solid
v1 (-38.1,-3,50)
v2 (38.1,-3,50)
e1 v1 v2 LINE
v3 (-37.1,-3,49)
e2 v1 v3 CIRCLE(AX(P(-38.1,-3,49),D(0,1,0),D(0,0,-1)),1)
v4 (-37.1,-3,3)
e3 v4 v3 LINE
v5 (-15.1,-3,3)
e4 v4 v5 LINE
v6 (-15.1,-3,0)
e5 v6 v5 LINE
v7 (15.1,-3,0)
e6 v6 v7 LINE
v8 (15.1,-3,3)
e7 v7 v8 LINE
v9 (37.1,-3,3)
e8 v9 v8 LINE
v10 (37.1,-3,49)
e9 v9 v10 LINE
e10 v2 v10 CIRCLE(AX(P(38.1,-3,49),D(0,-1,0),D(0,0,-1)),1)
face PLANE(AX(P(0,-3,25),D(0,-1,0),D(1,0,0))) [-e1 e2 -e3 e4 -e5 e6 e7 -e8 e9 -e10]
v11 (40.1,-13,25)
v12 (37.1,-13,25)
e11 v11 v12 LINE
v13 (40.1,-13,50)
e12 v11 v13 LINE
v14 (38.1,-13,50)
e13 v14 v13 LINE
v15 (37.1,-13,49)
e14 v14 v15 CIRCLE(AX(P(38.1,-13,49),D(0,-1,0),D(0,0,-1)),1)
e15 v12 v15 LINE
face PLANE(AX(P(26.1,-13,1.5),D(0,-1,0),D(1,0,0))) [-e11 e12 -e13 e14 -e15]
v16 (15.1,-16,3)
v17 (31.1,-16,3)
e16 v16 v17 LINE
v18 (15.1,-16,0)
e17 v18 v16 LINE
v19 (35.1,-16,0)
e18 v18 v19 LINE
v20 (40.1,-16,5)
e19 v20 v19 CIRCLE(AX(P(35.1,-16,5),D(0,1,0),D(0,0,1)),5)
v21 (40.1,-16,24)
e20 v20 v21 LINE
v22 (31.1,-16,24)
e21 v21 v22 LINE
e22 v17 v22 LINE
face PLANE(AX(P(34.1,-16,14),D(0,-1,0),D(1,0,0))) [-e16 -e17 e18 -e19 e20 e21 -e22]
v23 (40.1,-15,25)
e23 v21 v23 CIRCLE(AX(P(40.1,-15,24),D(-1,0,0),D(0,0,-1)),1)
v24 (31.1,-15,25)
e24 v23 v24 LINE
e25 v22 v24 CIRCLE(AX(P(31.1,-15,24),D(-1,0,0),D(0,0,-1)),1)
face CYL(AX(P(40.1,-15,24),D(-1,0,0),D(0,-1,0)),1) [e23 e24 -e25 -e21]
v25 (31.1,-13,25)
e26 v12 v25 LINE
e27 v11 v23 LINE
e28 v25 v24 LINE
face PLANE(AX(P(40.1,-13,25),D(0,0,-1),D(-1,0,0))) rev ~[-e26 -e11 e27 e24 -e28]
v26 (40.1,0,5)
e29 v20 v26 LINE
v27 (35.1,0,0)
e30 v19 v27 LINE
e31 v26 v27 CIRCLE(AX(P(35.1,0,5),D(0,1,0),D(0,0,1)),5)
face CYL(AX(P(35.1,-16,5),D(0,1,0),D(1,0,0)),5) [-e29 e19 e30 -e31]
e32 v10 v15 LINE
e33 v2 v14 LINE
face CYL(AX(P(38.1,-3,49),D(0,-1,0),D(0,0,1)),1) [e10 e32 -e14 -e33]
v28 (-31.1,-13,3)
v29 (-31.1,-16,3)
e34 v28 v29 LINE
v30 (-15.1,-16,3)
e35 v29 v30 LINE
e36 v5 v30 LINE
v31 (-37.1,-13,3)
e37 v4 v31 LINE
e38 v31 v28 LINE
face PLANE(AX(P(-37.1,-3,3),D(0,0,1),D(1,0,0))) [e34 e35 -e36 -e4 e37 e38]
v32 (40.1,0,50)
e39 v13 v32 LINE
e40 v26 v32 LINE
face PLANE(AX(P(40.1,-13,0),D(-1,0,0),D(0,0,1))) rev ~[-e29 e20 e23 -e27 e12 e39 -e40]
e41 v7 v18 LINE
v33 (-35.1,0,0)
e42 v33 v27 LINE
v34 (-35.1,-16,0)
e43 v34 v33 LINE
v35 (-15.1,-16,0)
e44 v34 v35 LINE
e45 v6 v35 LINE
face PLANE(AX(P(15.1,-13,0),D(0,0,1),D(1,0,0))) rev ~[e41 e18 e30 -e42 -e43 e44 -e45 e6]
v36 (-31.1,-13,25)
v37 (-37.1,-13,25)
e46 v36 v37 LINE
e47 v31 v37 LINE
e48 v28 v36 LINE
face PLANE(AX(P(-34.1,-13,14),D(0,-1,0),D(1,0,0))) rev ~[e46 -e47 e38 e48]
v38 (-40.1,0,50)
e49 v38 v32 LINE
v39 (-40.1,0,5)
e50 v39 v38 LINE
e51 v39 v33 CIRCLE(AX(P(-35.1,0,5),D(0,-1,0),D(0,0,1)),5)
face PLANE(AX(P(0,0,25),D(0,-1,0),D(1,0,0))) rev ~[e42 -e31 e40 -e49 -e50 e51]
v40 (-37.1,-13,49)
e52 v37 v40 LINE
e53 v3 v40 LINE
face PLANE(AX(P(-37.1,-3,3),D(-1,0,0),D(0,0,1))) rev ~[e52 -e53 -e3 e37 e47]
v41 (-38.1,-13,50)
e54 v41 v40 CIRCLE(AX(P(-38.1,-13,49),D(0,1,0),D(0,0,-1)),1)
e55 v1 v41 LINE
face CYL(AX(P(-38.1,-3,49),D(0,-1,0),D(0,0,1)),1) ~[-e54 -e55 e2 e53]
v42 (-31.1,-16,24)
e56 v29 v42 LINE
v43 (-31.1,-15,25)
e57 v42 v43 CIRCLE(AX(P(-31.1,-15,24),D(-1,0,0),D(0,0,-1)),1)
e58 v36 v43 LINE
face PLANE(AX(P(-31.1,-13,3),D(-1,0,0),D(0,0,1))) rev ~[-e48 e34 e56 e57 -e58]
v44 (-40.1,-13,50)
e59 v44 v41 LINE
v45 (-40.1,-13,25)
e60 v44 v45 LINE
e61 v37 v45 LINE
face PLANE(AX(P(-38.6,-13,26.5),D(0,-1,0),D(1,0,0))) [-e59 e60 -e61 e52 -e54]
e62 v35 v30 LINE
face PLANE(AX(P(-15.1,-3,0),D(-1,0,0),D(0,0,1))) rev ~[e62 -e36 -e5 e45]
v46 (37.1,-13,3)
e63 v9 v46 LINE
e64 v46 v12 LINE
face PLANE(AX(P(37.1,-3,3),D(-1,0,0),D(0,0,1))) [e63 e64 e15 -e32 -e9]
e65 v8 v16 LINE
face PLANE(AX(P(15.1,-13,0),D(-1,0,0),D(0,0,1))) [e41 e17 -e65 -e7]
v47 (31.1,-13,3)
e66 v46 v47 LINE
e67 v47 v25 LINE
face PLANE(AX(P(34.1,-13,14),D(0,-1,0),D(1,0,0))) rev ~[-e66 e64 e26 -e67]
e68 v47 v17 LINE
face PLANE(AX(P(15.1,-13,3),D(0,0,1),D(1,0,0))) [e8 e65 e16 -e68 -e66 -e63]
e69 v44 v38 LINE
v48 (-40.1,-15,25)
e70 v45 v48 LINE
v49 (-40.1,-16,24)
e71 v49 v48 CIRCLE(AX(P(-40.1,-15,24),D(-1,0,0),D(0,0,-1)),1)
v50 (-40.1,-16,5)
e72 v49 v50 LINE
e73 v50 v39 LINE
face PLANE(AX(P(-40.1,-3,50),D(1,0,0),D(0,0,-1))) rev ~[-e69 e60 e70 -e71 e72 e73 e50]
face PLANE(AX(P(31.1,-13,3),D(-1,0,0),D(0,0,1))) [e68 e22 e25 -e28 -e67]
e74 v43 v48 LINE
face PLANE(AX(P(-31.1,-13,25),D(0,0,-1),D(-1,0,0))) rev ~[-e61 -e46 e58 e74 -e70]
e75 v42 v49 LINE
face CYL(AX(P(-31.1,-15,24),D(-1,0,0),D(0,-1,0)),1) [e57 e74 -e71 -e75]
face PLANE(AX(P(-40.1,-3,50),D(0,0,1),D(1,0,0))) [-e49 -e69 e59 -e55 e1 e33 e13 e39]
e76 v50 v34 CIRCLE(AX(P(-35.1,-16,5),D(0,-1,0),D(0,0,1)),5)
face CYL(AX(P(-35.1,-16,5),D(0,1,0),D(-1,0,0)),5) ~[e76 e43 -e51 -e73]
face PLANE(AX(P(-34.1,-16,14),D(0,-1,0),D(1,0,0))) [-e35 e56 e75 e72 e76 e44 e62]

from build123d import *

# Parameters (mm, degrees)
F0_W     = 80.2
F0_H     = 50
F1_DEPTH = 3
F2_W     = 3
F2_H     = 47
F2_H_2   = 3
F2_W_2   = 22
F3_DEPTH = 10
F4_W     = 6
F4_H     = 22
F4_W_2   = 16
F4_H_2   = 3
F5_DEPTH = 3
F6_R     = 5
F7_R     = 1


with BuildPart() as f1:
    # F0 (on Front) → F1 (new body)
    with BuildSketch(Plane.XZ):
        with Locations((0, 25)):
            Rectangle(F0_W, F0_H)
    extrude(amount=F1_DEPTH)

    # F2 (on face) → F3 (join)
    with BuildSketch(Plane.XZ.offset(3)):
        with Locations((-38.6, 26.5)):
            Rectangle(F2_W, F2_H)
        with Locations((-38.6, 1.5)):
            Rectangle(F2_W, F2_H_2)
        with Locations((-26.1, 1.5)):
            Rectangle(F2_W_2, F2_H_2)
        with Locations((26.1, 1.5)):
            Rectangle(F2_W_2, F2_H_2)
        with Locations((38.6, 1.5)):
            Rectangle(F2_W, F2_H_2)
        with Locations((38.6, 26.5)):
            Rectangle(F2_W, F2_H)
    extrude(amount=F3_DEPTH)

    # F4 (on face) → F5 (join)
    with BuildSketch(Plane.XZ.offset(13)):
        with Locations((34.1, 14)):
            Rectangle(F4_W, F4_H)
        with Locations((23.1, 1.5)):
            Rectangle(F4_W_2, F4_H_2)
        Polygon((37.1, 25), (37.1, 3), (31.1, 3), (31.1, 0), (40.1, 0), (40.1, 25), align=None)
        with Locations((-34.1, 14)):
            Rectangle(F4_W, F4_H)
        Polygon((-40.1, 25), (-40.1, 0), (-31.1, 0), (-31.1, 3), (-37.1, 3), (-37.1, 25), align=None)
        with Locations((-23.1, 1.5)):
            Rectangle(F4_W_2, F4_H_2)
    extrude(amount=F5_DEPTH)

    # F6
    f6_edges = [f1.edges().sort_by_distance(p)[0] for p in [
        (40.1, -8, 0),
        (-40.1, -8, 0),
    ]]
    fillet(f6_edges, radius=F6_R)

    # F7
    f7_edges = [f1.edges().sort_by_distance(p)[0] for p in [
        (-35.6, -16, 25),
        (35.6, -16, 25),
        (-37.1, -8, 50),
        (37.1, -8, 50),
    ]]
    fillet(f7_edges, radius=F7_R)


solid = f1.part
